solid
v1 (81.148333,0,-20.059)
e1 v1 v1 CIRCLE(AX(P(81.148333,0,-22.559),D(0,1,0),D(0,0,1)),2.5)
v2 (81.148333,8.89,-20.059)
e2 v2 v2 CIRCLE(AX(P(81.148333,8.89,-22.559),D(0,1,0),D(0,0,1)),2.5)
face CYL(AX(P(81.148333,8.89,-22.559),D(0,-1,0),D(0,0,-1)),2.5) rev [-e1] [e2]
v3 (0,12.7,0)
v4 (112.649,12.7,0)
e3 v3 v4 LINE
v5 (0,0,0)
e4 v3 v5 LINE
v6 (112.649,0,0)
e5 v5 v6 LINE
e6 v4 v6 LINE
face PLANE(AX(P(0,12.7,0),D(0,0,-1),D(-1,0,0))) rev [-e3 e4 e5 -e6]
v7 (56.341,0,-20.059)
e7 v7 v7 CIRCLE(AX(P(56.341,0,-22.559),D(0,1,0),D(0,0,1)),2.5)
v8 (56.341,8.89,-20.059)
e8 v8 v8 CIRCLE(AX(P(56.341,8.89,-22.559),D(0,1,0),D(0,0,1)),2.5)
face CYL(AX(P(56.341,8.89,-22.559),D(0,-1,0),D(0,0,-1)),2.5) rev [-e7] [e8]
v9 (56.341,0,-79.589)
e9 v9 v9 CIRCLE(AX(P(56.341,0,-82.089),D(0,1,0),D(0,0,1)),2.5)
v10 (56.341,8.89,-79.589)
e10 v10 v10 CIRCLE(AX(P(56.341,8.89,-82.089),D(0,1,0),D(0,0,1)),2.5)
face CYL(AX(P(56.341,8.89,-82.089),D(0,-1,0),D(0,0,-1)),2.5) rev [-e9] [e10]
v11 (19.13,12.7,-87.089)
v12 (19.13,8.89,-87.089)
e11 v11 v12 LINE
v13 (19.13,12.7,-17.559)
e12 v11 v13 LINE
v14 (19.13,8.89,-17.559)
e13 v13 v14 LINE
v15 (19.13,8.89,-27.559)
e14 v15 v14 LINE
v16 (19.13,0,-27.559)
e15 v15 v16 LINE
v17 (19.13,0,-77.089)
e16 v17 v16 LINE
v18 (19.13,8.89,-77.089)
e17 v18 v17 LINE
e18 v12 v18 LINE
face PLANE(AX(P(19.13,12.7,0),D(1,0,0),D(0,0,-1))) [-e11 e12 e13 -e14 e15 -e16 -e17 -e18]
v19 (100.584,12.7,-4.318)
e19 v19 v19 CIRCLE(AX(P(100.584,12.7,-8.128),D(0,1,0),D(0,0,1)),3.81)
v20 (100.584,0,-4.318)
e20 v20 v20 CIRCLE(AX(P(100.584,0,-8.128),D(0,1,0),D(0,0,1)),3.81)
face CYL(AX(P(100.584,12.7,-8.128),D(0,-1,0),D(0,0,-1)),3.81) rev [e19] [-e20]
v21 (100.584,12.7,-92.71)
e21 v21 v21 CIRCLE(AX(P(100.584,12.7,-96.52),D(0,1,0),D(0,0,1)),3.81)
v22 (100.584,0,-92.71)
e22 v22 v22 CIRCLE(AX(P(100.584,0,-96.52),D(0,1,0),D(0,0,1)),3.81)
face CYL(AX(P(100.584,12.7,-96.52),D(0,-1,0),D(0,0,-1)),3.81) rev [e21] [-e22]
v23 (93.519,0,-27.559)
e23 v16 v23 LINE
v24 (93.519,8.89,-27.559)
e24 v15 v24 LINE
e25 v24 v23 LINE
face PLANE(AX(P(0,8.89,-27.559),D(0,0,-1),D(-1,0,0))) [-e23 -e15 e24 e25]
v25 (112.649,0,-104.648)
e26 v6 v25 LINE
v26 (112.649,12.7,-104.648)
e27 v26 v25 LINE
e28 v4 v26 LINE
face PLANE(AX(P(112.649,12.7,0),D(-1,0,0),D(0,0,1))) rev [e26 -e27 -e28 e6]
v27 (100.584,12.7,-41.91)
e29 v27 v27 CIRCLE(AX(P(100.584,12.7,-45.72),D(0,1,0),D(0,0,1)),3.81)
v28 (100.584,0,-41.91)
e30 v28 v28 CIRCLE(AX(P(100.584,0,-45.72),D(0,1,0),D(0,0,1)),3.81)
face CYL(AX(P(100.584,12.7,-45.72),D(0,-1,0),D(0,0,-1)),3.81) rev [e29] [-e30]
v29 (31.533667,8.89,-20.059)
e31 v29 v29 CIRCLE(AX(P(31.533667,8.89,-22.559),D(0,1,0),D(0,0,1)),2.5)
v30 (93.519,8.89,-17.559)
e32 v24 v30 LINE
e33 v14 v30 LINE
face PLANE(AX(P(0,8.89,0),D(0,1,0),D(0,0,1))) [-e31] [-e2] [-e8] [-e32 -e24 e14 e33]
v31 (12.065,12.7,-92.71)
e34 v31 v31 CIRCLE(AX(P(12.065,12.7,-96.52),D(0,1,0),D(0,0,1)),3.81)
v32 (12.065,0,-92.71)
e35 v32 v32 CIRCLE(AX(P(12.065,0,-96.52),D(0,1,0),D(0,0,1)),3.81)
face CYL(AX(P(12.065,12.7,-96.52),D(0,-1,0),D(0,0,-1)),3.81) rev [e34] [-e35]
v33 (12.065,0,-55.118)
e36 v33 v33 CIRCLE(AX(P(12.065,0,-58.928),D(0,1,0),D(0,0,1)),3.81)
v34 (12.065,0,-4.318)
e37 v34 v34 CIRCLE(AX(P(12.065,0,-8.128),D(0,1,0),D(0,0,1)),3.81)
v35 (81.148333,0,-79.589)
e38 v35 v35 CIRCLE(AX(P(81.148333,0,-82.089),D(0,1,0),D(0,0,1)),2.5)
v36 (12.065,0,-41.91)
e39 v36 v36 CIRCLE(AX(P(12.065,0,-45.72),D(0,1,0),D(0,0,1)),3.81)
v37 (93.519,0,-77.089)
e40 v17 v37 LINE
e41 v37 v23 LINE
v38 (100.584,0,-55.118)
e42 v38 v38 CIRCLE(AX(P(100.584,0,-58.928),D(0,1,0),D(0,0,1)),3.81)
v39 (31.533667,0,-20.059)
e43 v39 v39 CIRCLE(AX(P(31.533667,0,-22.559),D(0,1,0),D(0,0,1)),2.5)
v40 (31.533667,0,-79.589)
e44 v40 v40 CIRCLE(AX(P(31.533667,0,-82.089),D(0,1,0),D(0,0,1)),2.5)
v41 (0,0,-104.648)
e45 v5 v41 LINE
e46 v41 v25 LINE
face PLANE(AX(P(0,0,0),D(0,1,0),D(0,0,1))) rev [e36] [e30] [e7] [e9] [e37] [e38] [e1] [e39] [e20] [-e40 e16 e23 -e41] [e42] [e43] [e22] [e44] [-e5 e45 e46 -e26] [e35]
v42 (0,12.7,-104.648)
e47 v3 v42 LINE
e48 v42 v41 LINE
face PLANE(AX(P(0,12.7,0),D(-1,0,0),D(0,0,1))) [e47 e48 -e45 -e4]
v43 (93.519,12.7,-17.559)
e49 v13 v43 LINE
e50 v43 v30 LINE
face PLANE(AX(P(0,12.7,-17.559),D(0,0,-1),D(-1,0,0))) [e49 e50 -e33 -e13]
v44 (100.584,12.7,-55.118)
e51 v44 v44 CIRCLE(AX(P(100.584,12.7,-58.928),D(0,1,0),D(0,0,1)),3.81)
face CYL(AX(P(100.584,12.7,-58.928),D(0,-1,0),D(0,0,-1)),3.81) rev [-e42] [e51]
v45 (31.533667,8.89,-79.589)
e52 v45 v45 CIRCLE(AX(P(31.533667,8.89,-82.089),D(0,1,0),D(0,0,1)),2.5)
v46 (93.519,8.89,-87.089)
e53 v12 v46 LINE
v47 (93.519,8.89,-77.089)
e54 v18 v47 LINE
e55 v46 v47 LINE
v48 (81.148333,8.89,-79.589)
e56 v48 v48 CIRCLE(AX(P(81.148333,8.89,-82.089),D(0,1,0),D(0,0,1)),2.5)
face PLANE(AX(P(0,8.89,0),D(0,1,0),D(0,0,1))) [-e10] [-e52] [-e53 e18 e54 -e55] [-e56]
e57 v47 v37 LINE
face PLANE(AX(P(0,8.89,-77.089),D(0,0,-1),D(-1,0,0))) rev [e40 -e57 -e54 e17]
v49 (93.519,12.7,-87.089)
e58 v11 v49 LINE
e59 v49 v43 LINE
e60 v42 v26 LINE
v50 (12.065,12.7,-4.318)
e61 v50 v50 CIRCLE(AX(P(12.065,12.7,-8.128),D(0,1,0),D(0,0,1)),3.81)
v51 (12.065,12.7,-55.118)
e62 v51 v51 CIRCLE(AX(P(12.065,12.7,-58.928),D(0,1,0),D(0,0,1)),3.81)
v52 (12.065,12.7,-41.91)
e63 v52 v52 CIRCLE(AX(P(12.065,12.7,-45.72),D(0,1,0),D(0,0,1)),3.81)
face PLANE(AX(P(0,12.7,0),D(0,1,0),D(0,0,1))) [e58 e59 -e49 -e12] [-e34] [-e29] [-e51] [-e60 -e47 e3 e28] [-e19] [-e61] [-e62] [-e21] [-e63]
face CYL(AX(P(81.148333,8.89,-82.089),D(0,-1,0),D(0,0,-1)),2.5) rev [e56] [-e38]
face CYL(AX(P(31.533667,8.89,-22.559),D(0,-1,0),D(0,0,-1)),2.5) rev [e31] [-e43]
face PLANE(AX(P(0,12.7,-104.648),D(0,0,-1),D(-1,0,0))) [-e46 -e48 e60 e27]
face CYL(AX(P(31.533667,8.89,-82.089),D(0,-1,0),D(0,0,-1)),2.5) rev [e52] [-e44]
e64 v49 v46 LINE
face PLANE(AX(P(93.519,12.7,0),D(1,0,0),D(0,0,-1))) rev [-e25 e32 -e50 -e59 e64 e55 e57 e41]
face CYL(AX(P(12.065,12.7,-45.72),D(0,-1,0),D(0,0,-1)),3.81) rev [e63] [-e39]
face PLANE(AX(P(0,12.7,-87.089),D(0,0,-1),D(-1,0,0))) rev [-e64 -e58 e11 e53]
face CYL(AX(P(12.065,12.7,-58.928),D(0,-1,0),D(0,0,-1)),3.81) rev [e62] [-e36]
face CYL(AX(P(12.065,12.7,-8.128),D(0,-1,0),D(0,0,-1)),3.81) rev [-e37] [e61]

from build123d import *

# Parameters (mm, degrees)
SKETCH2_W           = 112.649
SKETCH2_H           = 104.648
SKETCH2_R           = 3.81
BOSS_EXTRUDE5_DEPTH = 12.7
SKETCH2_4_W         = 74.389
SKETCH2_4_H         = 10
SKETCH2_4_R         = 2.5
BOSS_EXTRUDE7_DEPTH = 8.89


with BuildPart() as part:
    # Sketch2 → Boss-Extrude5 (new body)
    with BuildSketch(Plane(origin=(0, 0, 0), x_dir=(1, 0, 0), z_dir=(0, 1, 0))):
        with Locations((56.3245, 52.324)):
            Rectangle(SKETCH2_W, SKETCH2_H)
        with Locations((12.065, 8.128)):
            Circle(SKETCH2_R, mode=Mode.SUBTRACT)
        with Locations((12.065, 45.72)):
            Circle(SKETCH2_R, mode=Mode.SUBTRACT)
        with Locations((100.584, 8.128)):
            Circle(SKETCH2_R, mode=Mode.SUBTRACT)
        Polygon((19.13, 17.559), (19.13, 27.559), (19.13, 77.089), (19.13, 87.089), (93.519, 87.089), (93.519, 77.089), (93.519, 27.559), (93.519, 17.559), align=None, mode=Mode.SUBTRACT)
        with Locations((100.584, 45.72)):
            Circle(SKETCH2_R, mode=Mode.SUBTRACT)
        with Locations((12.065, 58.928)):
            Circle(SKETCH2_R, mode=Mode.SUBTRACT)
        with Locations((12.065, 96.52)):
            Circle(SKETCH2_R, mode=Mode.SUBTRACT)
        with Locations((100.584, 58.928)):
            Circle(SKETCH2_R, mode=Mode.SUBTRACT)
        with Locations((100.584, 96.52)):
            Circle(SKETCH2_R, mode=Mode.SUBTRACT)
    extrude(amount=BOSS_EXTRUDE5_DEPTH)

    # Sketch2<4> → Boss-Extrude7 (add)
    # profile 1 of 2: a face of its own
    with BuildSketch(Plane(origin=(0, 0, 0), x_dir=(1, 0, 0), z_dir=(0, 1, 0))):
        with Locations((56.3245, 22.559)):
            Rectangle(SKETCH2_4_W, SKETCH2_4_H)
        with Locations((31.533666667, 22.559)):
            Circle(SKETCH2_4_R, mode=Mode.SUBTRACT)
        with Locations((56.341, 22.559)):
            Circle(SKETCH2_4_R, mode=Mode.SUBTRACT)
        with Locations((81.148333333, 22.559)):
            Circle(SKETCH2_4_R, mode=Mode.SUBTRACT)
    # profile 2 of 2: a face of its own
    with BuildSketch(Plane(origin=(0, 0, 0), x_dir=(1, 0, 0), z_dir=(0, 1, 0))):
        with Locations((56.3245, 82.089)):
            Rectangle(SKETCH2_4_W, SKETCH2_4_H)
        with Locations((31.533666667, 82.089)):
            Circle(SKETCH2_4_R, mode=Mode.SUBTRACT)
        with Locations((56.341, 82.089)):
            Circle(SKETCH2_4_R, mode=Mode.SUBTRACT)
        with Locations((81.148333333, 82.089)):
            Circle(SKETCH2_4_R, mode=Mode.SUBTRACT)
    extrude(amount=BOSS_EXTRUDE7_DEPTH)


solid = part.part
